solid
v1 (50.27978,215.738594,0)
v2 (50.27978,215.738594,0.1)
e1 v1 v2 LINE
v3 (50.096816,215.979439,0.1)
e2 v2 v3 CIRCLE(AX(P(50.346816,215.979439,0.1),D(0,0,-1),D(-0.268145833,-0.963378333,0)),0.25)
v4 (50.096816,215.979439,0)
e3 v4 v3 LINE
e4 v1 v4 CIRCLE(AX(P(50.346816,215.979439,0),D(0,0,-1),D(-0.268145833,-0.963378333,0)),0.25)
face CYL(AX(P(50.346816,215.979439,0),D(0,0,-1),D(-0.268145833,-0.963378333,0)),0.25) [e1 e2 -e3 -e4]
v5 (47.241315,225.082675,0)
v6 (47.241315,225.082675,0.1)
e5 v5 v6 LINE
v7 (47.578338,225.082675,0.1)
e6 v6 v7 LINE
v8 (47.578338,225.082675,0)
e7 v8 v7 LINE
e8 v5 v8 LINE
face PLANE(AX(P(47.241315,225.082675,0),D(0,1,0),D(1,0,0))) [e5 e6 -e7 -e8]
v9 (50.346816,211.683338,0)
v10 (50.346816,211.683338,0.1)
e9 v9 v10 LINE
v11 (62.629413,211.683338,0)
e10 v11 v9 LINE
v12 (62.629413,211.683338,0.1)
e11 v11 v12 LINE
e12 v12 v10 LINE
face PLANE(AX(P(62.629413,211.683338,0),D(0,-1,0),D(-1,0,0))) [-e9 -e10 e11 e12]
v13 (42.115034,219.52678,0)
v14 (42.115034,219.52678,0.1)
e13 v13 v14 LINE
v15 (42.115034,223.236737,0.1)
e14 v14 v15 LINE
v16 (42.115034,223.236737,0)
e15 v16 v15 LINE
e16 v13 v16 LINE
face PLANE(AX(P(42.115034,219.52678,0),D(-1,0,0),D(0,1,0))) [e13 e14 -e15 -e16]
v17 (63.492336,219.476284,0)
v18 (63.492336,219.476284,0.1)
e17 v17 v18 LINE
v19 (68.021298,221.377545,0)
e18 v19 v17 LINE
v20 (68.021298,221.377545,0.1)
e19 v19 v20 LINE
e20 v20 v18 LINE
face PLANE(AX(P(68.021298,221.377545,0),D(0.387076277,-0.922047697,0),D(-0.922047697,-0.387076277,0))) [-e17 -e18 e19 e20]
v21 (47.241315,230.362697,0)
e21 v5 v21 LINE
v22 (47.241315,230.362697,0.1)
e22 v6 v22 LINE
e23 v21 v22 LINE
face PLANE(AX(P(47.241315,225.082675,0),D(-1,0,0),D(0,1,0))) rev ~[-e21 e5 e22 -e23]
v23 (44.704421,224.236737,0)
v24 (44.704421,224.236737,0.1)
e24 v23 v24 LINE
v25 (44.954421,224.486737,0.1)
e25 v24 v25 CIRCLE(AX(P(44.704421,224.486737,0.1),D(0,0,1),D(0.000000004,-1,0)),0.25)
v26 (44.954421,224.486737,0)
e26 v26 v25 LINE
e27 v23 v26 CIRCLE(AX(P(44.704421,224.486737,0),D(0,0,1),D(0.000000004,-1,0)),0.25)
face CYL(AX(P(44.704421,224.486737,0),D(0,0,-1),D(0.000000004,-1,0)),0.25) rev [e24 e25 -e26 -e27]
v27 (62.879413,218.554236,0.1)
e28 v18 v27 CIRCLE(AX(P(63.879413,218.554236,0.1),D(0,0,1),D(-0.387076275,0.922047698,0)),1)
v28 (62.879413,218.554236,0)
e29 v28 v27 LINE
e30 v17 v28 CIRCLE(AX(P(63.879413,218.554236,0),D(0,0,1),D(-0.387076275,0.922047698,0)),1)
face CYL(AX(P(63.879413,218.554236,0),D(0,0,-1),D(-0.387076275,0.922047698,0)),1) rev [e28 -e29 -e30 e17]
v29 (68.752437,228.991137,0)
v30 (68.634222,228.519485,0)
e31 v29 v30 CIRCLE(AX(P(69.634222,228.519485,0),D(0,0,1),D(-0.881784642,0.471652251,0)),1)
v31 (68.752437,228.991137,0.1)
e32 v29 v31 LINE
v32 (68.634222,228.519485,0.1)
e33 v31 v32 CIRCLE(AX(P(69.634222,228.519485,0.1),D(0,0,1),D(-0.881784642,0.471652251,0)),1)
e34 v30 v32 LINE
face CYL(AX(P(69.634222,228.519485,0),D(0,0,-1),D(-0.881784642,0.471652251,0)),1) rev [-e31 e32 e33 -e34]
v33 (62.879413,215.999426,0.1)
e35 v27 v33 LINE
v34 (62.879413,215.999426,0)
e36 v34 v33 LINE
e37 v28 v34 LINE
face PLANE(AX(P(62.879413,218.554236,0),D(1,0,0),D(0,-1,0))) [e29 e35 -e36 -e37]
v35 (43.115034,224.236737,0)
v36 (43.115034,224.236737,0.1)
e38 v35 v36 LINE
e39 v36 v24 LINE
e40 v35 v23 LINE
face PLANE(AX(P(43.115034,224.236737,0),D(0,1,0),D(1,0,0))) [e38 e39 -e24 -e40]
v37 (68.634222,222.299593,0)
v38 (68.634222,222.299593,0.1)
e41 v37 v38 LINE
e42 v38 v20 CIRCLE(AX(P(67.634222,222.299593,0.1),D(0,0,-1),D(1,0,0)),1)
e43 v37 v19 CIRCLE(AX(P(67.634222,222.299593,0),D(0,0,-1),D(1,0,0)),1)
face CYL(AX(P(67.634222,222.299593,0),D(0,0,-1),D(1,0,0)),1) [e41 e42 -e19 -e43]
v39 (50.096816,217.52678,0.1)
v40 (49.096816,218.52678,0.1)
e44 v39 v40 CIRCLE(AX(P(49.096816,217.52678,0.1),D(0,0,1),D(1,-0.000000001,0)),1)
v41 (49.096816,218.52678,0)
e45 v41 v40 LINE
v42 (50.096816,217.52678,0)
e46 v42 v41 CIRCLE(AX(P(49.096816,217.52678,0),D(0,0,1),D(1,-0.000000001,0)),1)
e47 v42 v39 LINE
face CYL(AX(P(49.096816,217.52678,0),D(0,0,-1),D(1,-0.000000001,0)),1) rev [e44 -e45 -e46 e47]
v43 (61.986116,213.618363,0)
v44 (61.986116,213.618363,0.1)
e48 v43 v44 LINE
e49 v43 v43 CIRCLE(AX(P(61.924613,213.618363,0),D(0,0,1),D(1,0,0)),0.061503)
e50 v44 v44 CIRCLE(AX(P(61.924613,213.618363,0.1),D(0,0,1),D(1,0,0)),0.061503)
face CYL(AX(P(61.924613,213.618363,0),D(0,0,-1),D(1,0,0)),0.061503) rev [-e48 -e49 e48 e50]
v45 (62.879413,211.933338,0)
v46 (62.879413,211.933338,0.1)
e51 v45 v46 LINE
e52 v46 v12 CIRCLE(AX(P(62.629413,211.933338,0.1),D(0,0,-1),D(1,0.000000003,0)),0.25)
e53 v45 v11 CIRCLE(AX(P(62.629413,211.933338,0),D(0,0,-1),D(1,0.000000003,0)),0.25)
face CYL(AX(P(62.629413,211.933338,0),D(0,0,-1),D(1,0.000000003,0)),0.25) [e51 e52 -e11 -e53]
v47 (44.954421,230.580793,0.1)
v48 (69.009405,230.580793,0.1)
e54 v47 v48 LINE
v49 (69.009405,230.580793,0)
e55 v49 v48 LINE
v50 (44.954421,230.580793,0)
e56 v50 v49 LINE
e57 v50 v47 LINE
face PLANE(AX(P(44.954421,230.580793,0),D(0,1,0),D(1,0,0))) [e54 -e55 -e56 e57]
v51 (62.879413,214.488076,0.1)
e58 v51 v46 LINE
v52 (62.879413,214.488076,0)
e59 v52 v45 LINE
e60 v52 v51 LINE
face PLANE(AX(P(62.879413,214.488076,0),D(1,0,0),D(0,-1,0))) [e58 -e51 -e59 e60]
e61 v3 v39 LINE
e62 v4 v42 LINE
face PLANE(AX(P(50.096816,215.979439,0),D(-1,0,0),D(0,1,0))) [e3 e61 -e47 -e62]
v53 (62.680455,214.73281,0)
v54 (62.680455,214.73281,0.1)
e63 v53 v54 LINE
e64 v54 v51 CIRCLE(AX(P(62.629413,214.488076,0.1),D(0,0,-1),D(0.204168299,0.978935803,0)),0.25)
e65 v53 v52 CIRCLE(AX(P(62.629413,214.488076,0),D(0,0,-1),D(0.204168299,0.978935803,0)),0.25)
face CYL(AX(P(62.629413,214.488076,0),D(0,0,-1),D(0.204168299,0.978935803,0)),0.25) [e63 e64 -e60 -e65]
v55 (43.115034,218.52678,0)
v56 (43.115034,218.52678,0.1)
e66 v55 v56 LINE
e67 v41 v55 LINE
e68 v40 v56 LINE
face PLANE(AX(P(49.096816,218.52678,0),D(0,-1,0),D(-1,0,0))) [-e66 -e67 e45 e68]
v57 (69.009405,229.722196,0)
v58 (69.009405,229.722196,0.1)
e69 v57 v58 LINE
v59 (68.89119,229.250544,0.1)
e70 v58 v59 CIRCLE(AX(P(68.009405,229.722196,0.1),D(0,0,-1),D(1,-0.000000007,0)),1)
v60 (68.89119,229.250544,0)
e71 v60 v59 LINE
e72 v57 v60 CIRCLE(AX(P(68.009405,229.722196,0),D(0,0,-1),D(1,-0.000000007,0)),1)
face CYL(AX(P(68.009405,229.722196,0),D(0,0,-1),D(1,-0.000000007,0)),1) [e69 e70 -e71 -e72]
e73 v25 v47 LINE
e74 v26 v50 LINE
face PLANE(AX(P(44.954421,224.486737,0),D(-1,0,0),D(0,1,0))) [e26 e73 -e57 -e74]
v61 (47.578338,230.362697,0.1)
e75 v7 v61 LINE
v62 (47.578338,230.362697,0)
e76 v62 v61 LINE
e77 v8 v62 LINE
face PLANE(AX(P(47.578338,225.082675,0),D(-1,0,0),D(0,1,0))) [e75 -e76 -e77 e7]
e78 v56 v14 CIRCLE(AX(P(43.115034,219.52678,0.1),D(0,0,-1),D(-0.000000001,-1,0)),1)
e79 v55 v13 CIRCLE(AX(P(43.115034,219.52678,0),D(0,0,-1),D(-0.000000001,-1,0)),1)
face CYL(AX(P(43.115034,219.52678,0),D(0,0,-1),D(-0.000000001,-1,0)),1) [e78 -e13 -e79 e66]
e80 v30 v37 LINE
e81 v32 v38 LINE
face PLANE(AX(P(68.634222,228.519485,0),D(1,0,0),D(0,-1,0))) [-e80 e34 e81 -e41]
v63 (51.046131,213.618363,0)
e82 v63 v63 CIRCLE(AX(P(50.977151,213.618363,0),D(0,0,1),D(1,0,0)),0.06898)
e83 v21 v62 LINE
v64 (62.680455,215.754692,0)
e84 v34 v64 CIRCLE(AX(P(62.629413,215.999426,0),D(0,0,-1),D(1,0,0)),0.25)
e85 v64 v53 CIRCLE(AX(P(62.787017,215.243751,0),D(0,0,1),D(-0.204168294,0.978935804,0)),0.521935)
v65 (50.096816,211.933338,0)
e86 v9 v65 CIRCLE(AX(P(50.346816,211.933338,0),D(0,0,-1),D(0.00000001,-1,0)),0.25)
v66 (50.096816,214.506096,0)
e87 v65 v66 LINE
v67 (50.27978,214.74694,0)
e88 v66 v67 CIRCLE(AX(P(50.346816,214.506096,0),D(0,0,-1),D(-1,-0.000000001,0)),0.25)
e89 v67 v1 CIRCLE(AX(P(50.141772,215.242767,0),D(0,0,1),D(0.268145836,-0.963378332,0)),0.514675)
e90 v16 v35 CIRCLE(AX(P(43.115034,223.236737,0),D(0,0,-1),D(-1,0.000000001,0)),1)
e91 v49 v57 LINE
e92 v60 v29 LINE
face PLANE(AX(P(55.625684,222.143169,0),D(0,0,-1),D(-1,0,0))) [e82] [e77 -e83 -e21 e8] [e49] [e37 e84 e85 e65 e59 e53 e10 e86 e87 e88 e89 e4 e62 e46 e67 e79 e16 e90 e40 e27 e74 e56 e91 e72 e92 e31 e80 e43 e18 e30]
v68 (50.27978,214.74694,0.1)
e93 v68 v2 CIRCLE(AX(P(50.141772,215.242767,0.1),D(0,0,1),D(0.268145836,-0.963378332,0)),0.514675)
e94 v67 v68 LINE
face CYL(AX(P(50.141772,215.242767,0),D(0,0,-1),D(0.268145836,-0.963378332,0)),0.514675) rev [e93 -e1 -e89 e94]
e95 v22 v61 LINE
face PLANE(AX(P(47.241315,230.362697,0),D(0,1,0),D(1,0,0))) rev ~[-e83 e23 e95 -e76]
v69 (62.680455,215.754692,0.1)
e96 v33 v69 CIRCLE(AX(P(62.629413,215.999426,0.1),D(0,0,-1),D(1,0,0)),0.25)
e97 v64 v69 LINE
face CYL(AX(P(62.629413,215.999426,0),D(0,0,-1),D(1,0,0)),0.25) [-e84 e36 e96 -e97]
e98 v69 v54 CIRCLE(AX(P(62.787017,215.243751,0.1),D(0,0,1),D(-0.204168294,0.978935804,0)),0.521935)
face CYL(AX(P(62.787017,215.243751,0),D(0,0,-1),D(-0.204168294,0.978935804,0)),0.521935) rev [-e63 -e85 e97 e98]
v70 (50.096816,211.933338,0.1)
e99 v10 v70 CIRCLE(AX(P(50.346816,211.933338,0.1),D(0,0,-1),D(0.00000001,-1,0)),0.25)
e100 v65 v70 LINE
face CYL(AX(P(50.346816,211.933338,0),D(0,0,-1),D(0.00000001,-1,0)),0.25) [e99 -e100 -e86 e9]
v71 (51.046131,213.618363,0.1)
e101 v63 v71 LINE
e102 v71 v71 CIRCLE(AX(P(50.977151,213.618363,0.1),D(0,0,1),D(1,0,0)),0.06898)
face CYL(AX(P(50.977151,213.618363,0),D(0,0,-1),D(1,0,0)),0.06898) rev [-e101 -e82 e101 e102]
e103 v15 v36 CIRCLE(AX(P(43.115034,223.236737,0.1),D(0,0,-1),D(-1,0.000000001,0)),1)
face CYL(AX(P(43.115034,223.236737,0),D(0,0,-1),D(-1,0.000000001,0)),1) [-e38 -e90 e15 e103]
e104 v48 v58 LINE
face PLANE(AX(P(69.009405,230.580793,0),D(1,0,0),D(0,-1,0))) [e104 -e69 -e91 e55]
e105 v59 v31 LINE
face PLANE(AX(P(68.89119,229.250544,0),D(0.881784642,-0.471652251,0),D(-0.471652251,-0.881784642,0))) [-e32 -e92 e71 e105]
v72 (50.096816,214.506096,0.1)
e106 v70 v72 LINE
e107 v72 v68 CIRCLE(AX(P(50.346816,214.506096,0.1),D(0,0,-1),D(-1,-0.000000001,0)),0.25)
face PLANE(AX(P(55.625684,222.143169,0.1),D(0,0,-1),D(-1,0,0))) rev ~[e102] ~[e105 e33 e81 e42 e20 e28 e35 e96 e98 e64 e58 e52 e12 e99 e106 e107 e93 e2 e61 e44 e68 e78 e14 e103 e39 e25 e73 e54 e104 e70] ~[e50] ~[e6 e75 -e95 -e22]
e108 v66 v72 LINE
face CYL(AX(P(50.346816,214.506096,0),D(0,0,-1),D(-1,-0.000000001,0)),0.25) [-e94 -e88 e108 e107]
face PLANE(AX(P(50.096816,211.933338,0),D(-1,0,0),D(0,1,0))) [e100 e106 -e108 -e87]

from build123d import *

# Parameters (mm, degrees)
ESQUISSE1_R        = 0.068980455
ESQUISSE1_R_2      = 0.06150295
ESQUISSE1_W        = 0.337022694
ESQUISSE1_H        = 5.280022209
BOSS_EXTRU_1_DEPTH = 0.1


with BuildPart() as part:
    # Esquisse1 → Boss.-Extru.1 (new body)
    with BuildSketch(Plane.XY):
        with BuildLine():
            Line((69.009405392, 230.580792913), (69.009405392, 229.722196339))
            ThreePointArc((69.009405392, 229.722196339), (68.979401433, 229.479075631), (68.891190034, 229.250544089))
            Line((68.891190034, 229.250544089), (68.752437477, 228.991137135))
            ThreePointArc((68.752437477, 228.991137135), (68.664226077, 228.762605593), (68.634222119, 228.519484885))
            Line((68.634222119, 228.519484885), (68.634222119, 222.299593089))
            ThreePointArc((68.634222119, 222.299593089), (68.467011491, 221.746003113), (68.021298395, 221.377545392))
            Line((68.021298395, 221.377545392), (63.492336438, 219.476283954))
            ThreePointArc((63.492336438, 219.476283954), (63.046623342, 219.107826233), (62.879412715, 218.554236256))
            Line((62.879412715, 218.554236256), (62.879412715, 215.999425613))
            ThreePointArc((62.879412715, 215.999425613), (62.823397918, 215.841724183), (62.680454788, 215.754691662))
            ThreePointArc((62.680454788, 215.754691662), (62.265082422, 215.243750871), (62.680454788, 214.732810081))
            ThreePointArc((62.680454788, 214.732810081), (62.823397918, 214.645777559), (62.879412715, 214.48807613))
            Line((62.879412715, 214.48807613), (62.879412715, 211.933337892))
            ThreePointArc((62.879412715, 211.933337892), (62.80618941, 211.756561196), (62.629412715, 211.683337892))
            Line((62.629412715, 211.683337892), (50.34681626, 211.683337892))
            ThreePointArc((50.34681626, 211.683337892), (50.170039564, 211.756561196), (50.09681626, 211.933337892))
            Line((50.09681626, 211.933337892), (50.09681626, 214.506095719))
            ThreePointArc((50.09681626, 214.506095719), (50.14774452, 214.657325486), (50.2797798, 214.746940302))
            ThreePointArc((50.2797798, 214.746940302), (50.65644704, 215.242767306), (50.2797798, 215.73859431))
            ThreePointArc((50.2797798, 215.73859431), (50.14774452, 215.828209125), (50.09681626, 215.979438893))
            Line((50.09681626, 215.979438893), (50.09681626, 217.526780439))
            ThreePointArc((50.09681626, 217.526780439), (49.803923041, 218.233887221), (49.09681626, 218.526780439))
            Line((49.09681626, 218.526780439), (43.115034211, 218.526780439))
            ThreePointArc((43.115034211, 218.526780439), (42.40792743, 218.819673658), (42.115034211, 219.526780439))
            Line((42.115034211, 219.526780439), (42.115034211, 223.236736654))
            ThreePointArc((42.115034211, 223.236736654), (42.40792743, 223.943843435), (43.115034211, 224.236736654))
            Line((43.115034211, 224.236736654), (44.704420557, 224.236736654))
            ThreePointArc((44.704420557, 224.236736654), (44.881197252, 224.309959959), (44.954420557, 224.486736654))
            Line((44.954420557, 224.486736654), (44.954420557, 230.580792913))
            Line((44.954420557, 230.580792913), (69.009405392, 230.580792913))
        make_face()
        with Locations((50.977150622, 213.618363216)):
            Circle(ESQUISSE1_R, mode=Mode.SUBTRACT)
        with Locations((61.924613366, 213.618363216)):
            Circle(ESQUISSE1_R_2, mode=Mode.SUBTRACT)
        with Locations((47.409826256, 227.722685683)):
            Rectangle(ESQUISSE1_W, ESQUISSE1_H, mode=Mode.SUBTRACT)
    extrude(amount=BOSS_EXTRU_1_DEPTH)


solid = part.part
